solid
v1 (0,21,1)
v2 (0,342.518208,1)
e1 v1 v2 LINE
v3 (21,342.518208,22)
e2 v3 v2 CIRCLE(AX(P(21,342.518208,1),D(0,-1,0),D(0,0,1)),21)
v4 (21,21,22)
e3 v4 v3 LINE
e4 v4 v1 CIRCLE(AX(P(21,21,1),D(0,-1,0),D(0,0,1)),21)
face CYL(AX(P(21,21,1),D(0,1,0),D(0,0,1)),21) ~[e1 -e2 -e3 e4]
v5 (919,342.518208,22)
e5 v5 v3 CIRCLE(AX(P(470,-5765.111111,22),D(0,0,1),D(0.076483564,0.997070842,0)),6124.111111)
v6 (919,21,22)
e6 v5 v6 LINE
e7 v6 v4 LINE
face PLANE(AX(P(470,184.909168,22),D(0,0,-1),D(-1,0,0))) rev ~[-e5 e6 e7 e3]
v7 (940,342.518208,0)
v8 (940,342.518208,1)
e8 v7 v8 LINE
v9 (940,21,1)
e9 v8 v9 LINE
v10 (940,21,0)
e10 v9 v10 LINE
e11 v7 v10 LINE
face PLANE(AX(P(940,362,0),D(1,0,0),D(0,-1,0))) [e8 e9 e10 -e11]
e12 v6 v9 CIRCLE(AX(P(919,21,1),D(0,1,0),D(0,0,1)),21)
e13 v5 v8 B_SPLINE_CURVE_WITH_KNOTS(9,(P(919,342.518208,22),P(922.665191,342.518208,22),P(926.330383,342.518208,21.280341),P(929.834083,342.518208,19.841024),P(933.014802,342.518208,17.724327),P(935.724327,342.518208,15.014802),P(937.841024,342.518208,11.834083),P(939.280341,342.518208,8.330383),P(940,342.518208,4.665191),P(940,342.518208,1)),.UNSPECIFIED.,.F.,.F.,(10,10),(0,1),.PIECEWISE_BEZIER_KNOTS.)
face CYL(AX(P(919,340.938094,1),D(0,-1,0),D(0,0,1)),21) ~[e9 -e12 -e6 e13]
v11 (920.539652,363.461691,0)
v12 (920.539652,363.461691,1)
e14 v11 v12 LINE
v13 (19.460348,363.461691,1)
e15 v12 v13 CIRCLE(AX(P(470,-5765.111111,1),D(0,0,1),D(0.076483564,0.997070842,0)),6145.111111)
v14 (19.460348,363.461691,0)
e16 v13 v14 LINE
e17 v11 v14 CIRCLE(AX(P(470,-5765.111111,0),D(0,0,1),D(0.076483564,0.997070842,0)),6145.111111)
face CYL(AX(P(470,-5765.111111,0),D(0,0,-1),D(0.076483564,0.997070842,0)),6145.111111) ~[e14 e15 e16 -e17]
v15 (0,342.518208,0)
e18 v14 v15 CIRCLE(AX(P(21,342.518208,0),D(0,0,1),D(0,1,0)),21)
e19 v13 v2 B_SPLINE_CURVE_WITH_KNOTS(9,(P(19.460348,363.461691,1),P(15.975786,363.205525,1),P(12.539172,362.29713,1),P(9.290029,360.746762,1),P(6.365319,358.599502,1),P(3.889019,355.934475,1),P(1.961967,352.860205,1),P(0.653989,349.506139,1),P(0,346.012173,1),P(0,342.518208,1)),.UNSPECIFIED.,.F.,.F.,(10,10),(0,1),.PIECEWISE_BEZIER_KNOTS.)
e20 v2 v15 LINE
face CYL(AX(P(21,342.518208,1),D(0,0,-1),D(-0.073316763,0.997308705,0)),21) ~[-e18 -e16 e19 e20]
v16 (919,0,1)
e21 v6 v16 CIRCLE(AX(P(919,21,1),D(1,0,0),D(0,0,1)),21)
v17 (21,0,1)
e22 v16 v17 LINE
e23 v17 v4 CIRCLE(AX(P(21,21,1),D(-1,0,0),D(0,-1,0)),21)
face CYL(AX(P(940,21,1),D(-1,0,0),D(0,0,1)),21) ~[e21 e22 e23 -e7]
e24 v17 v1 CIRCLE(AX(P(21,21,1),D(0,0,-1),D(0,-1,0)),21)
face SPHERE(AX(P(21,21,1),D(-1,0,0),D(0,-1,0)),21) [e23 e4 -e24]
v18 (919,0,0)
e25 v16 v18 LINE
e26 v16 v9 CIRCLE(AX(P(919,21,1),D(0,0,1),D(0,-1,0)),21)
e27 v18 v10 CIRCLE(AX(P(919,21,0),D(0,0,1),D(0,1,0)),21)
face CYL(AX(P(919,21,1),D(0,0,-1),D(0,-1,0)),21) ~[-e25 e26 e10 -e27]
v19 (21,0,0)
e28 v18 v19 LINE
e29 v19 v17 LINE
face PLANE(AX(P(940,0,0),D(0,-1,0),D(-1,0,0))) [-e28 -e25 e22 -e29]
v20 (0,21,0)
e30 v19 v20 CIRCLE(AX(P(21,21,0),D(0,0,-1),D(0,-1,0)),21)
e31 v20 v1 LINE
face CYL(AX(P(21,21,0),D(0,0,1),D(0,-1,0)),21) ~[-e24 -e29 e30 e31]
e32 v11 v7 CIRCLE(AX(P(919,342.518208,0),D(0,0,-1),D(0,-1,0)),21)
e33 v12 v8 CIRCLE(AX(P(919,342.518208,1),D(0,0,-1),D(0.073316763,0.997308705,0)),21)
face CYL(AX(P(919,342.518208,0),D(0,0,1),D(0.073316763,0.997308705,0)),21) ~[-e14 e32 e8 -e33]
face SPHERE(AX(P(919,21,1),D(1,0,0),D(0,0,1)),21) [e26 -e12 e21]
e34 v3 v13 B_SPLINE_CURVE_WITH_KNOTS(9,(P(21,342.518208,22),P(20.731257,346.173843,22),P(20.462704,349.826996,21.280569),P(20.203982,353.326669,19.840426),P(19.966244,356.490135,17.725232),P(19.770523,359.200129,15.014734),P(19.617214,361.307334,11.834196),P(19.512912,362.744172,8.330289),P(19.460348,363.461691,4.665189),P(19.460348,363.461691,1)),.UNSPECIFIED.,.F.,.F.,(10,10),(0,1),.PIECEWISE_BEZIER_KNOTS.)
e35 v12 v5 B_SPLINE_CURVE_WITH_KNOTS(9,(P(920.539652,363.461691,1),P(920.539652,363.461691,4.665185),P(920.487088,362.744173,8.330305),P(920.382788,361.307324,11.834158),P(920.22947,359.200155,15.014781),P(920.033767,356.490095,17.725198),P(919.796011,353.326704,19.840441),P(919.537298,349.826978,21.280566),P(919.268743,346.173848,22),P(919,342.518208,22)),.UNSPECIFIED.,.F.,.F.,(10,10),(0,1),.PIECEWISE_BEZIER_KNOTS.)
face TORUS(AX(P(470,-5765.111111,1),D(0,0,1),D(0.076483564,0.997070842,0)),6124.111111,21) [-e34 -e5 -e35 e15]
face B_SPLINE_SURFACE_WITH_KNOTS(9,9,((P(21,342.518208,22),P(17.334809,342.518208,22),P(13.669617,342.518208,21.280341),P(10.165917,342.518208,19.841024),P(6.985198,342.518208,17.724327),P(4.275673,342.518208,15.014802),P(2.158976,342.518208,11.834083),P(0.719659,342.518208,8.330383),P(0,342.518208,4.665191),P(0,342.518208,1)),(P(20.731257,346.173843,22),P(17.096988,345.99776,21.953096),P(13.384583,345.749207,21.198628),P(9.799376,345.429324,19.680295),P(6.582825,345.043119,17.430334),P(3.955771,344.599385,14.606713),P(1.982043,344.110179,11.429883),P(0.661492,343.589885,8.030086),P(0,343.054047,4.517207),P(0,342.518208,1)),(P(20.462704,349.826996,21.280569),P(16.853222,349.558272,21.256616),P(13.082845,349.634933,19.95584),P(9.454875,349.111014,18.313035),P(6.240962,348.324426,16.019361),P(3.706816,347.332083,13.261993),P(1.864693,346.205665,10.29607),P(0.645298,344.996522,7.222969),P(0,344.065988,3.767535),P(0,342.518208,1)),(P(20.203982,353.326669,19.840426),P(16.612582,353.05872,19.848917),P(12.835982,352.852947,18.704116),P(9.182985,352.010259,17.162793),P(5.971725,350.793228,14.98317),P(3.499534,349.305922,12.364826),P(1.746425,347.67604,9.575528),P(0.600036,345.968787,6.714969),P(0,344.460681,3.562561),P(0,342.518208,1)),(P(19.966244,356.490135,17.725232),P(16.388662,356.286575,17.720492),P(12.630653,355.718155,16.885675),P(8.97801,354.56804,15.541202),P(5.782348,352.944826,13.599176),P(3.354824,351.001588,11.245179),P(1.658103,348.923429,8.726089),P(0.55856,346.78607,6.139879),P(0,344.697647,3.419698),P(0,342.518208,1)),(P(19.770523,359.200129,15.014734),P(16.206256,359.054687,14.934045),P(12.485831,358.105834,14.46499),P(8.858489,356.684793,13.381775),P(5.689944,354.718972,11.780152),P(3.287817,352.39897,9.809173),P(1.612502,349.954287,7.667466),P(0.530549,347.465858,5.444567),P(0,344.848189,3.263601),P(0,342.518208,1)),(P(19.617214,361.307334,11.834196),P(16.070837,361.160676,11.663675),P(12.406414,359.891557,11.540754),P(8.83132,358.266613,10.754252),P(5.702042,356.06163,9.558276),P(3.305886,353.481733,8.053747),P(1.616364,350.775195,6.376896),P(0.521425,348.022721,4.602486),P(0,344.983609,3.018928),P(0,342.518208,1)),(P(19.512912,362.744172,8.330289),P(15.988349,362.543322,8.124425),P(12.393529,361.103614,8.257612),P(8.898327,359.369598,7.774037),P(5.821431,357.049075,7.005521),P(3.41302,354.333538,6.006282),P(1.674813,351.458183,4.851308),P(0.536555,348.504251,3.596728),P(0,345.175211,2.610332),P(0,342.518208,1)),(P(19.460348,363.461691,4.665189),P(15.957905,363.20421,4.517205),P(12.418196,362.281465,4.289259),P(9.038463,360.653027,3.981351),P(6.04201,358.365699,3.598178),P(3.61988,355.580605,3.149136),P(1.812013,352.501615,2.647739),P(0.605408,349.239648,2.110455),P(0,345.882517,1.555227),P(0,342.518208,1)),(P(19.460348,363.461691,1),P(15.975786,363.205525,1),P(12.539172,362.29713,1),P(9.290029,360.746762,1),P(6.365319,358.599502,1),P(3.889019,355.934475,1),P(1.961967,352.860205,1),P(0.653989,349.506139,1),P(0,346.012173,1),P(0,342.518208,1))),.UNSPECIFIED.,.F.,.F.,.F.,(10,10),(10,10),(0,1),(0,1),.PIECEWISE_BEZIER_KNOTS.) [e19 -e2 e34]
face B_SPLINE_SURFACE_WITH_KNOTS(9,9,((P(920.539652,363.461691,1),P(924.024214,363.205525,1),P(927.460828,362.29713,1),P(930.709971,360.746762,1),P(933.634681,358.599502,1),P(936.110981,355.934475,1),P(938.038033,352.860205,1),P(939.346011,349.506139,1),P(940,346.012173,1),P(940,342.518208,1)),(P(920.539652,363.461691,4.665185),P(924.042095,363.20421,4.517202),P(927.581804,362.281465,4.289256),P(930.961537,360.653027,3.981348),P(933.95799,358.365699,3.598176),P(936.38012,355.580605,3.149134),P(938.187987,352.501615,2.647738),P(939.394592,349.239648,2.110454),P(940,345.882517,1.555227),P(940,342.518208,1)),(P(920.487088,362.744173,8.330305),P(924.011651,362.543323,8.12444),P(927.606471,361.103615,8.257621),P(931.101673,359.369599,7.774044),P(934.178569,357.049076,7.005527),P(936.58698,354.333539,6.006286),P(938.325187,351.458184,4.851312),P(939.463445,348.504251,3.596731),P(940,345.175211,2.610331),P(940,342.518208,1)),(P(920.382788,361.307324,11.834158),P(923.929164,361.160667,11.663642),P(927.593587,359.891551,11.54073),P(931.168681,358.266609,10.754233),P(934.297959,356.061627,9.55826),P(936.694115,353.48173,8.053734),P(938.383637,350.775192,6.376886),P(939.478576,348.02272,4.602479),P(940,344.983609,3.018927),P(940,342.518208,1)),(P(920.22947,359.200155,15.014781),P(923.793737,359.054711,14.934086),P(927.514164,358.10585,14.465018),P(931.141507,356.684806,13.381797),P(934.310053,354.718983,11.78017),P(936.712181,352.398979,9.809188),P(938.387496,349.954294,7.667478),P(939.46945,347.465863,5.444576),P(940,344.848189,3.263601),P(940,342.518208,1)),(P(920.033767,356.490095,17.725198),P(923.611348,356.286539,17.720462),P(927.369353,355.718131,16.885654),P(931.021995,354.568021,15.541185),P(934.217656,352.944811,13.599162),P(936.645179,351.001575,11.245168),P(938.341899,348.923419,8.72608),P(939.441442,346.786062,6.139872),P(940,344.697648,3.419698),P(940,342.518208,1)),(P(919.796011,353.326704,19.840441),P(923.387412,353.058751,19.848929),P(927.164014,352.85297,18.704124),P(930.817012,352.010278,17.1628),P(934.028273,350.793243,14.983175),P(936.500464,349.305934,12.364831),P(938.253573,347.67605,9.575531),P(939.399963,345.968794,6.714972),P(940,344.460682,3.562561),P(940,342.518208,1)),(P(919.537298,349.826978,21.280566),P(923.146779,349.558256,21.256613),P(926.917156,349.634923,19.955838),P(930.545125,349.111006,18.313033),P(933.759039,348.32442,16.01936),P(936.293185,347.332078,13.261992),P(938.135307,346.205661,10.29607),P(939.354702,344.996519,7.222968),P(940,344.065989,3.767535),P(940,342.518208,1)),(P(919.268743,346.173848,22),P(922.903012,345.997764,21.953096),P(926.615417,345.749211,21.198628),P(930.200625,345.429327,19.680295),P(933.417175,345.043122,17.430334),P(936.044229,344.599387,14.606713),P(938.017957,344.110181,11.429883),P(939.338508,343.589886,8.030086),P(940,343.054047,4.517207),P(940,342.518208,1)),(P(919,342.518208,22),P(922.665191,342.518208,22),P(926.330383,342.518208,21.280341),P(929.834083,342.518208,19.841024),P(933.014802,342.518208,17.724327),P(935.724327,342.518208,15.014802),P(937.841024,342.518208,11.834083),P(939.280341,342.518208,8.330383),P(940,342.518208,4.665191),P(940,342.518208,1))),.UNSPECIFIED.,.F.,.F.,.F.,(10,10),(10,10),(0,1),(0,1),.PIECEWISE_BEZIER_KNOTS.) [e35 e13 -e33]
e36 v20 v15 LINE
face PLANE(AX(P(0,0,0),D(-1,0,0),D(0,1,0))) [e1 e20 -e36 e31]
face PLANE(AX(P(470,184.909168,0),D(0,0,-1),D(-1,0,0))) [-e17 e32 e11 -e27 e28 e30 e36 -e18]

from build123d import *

# Parameters (mm, degrees)
PAD_DEPTH   = 22
FILLET_R    = 21
FILLET001_R = 21
FILLET002_R = 21
FILLET003_R = 21


with BuildPart() as part:
    # Sketch → Pad (new body)
    with BuildSketch(Plane.XY):
        with BuildLine():
            Line((940, 362), (940, 0))
            Line((940, 0), (0, 0))
            Line((0, 0), (0, 362))
            ThreePointArc((940, 362), (470, 380), (0, 362))
        make_face()
    extrude(amount=PAD_DEPTH)

    # Fillet
    fillet_edges = [part.edges().sort_by_distance(p)[0] for p in [
        (470, 380, 22),
    ]]
    fillet(fillet_edges, radius=FILLET_R)

    # Fillet001
    fillet001_edges = [part.edges().sort_by_distance(p)[0] for p in [
        (470, 0, 22),
    ]]
    fillet(fillet001_edges, radius=FILLET001_R)

    # Fillet002
    fillet002_edges = [part.edges().sort_by_distance(p)[0] for p in [
        (0, 180.969047, 22),
    ]]
    fillet(fillet002_edges, radius=FILLET002_R)

    # Fillet003
    fillet003_edges = [part.edges().sort_by_distance(p)[0] for p in [
        (940, 180.969047, 22),
    ]]
    fillet(fillet003_edges, radius=FILLET003_R)


solid = part.part
